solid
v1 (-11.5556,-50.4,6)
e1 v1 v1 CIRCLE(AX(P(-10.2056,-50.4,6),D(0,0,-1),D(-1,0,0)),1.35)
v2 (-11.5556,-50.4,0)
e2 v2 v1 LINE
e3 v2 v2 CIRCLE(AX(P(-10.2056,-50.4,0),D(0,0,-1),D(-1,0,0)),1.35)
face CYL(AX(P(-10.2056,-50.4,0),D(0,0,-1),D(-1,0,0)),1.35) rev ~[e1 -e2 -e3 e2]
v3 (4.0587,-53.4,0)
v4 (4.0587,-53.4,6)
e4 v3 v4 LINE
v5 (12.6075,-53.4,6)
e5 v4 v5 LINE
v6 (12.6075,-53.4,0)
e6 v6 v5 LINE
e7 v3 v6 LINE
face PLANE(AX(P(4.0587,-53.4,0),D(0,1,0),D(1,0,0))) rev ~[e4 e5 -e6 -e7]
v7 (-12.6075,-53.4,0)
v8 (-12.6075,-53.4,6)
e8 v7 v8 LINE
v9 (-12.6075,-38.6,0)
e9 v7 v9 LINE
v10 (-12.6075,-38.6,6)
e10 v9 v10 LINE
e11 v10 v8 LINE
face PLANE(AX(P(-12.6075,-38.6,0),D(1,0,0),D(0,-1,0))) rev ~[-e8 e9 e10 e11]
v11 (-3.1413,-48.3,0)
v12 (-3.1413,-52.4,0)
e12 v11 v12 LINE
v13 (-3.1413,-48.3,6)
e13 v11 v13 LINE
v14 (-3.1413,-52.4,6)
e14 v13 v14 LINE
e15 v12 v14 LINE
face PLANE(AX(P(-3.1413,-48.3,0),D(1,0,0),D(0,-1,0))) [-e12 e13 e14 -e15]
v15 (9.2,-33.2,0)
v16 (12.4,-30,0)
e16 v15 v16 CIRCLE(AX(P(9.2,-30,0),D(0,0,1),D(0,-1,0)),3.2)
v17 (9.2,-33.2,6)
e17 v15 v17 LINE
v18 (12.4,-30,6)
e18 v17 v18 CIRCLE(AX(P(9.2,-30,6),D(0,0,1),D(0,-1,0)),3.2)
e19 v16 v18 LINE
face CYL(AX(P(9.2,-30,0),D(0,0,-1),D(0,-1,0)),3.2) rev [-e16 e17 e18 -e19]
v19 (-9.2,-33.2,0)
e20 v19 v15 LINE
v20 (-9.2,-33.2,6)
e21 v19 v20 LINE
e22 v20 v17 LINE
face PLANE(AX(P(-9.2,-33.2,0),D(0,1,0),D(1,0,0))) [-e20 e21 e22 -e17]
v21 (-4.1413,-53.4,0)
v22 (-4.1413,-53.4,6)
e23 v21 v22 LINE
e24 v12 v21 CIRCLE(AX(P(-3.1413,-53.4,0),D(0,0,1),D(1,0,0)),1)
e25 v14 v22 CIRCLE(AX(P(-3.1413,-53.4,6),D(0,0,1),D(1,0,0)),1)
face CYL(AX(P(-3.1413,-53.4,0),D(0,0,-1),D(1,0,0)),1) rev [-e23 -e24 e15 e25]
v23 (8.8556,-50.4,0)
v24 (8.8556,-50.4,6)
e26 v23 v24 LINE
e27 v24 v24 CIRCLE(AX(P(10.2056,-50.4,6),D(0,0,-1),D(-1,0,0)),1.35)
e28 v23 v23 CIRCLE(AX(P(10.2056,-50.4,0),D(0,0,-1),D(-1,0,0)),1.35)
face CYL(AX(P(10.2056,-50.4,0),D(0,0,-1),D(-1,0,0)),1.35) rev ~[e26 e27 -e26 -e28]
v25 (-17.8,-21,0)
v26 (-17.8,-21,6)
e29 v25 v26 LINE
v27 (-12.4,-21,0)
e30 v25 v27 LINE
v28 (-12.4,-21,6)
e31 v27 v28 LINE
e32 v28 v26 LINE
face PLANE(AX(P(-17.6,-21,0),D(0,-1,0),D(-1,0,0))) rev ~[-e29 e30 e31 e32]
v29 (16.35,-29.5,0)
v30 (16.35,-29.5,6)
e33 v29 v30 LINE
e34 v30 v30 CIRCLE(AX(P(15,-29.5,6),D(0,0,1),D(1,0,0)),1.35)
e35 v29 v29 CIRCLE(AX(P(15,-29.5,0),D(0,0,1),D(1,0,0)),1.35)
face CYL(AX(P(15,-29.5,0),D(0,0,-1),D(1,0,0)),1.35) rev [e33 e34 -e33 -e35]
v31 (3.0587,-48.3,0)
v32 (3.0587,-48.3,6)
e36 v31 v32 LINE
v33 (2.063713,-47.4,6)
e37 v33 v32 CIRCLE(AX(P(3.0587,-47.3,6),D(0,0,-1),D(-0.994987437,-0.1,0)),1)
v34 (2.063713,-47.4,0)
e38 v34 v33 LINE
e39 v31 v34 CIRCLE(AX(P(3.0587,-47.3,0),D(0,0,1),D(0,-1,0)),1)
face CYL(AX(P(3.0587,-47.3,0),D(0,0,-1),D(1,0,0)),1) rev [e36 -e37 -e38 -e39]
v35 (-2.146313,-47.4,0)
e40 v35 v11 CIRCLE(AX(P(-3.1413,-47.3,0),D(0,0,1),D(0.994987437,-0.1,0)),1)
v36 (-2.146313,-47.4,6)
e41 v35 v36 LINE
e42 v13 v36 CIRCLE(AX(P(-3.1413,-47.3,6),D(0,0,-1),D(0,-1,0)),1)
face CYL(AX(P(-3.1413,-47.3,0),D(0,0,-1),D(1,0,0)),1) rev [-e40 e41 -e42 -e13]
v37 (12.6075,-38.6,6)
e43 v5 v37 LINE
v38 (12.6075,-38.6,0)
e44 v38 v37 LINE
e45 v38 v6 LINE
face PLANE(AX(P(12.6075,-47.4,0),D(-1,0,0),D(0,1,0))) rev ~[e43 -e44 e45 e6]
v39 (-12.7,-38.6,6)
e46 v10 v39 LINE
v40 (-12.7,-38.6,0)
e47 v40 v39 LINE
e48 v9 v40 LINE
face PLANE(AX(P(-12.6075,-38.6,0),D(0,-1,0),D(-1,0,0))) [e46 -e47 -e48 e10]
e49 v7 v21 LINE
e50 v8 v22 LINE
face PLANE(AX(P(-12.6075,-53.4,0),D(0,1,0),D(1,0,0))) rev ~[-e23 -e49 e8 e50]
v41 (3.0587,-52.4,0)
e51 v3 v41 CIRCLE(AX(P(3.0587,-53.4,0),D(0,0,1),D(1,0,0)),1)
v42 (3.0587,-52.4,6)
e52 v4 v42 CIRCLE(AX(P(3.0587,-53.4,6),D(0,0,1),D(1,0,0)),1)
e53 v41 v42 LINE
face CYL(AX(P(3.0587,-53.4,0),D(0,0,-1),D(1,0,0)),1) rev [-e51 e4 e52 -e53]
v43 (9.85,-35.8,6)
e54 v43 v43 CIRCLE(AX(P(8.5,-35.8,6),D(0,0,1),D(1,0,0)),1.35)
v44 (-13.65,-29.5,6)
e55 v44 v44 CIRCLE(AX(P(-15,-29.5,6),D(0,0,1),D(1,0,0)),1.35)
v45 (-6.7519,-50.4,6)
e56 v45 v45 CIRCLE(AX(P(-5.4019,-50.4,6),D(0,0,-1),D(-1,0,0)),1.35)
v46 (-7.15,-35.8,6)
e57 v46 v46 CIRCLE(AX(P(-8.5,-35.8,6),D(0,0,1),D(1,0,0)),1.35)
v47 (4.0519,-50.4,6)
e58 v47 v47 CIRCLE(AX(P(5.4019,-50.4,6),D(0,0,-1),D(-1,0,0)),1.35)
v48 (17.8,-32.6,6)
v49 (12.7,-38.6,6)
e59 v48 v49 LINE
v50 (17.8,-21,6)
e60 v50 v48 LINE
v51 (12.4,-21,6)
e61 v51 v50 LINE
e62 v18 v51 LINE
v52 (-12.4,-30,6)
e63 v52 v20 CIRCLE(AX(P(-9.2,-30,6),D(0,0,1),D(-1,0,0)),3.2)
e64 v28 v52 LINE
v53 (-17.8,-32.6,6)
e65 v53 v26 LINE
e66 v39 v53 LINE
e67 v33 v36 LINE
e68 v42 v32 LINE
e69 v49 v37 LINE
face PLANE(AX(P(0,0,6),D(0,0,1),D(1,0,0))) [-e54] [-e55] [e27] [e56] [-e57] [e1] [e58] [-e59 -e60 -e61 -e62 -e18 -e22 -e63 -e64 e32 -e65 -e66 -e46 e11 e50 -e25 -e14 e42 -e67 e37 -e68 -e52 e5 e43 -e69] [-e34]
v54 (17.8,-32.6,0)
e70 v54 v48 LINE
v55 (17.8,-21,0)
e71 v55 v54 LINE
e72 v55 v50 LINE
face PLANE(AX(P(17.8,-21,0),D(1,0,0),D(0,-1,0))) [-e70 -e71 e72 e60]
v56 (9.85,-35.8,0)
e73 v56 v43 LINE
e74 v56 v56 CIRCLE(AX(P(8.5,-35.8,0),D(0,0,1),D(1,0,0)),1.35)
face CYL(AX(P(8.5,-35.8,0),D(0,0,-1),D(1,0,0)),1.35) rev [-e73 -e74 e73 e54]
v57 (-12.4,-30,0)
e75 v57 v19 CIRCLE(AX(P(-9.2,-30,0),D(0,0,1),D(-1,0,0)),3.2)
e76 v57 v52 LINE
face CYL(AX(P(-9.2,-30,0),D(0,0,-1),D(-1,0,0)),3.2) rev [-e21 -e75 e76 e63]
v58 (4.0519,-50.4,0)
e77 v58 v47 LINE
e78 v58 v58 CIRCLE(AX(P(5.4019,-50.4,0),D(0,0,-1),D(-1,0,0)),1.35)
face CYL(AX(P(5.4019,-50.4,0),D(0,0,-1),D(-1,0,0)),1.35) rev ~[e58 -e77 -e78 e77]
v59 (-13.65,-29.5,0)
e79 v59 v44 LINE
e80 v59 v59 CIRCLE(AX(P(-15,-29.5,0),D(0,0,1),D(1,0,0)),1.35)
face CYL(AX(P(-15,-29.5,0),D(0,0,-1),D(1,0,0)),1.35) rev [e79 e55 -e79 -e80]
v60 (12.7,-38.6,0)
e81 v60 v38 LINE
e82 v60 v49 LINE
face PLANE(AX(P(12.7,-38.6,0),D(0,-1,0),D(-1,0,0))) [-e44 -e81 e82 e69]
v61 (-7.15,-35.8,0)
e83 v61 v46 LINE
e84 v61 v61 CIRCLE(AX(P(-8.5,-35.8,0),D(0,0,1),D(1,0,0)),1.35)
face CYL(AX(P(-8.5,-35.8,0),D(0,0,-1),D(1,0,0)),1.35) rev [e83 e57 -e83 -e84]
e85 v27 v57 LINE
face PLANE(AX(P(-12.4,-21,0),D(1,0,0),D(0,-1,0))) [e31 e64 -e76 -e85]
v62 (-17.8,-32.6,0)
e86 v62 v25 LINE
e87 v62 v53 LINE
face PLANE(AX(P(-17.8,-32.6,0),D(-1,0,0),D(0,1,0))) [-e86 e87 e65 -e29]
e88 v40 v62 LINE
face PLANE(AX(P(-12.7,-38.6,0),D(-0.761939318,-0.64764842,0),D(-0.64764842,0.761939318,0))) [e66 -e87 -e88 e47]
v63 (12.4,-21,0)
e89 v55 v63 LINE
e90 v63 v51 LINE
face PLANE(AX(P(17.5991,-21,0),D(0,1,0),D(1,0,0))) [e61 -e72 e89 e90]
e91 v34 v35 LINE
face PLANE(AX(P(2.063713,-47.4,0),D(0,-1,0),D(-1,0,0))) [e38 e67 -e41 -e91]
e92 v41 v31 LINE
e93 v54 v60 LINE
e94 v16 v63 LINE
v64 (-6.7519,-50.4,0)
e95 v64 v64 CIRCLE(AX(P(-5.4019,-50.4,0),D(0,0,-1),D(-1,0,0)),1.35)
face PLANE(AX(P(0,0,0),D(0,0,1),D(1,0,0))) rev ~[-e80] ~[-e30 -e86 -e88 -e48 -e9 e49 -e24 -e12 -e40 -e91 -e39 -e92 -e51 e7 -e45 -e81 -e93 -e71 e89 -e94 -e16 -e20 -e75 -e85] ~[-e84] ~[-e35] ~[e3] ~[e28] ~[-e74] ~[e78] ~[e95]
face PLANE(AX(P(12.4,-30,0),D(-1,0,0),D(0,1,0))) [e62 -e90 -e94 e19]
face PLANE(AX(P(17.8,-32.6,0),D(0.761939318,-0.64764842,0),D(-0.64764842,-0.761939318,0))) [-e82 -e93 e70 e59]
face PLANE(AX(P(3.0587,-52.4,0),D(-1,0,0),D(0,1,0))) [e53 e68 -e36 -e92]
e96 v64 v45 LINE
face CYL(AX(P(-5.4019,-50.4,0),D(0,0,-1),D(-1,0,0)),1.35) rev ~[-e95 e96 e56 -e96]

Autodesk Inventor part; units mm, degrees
ref_plane "YZ Plane" through (0, 0, 0) normal (1, 0, 0) x (0, 1, 0)
ref_plane "XZ Plane" through (0, 0, 0) normal (0, 1, 0) x (-1, 0, 0)
ref_plane "XY Plane" through (0, 0, 0) normal (0, 0, 1) x (1, 0, 0)
sketch "스케치1" plane through (0, 0, 0) normal (0, 0, 1) x (1, 0, 0)
  line L0 (7.15, 10.1828) -> (7.15, 9) projected
  arc A0 (7.15, 9) -> (9.15, 7) centre (9.15, 9) ccw projected
  line L1 (9.15, 7) -> (11.2, 7) projected
  arc A1 (12.2, 6) -> (11.2, 7) centre (11.2, 6) ccw projected
  line L2 (12.2, 6) -> (12.2, -27) projected
  line L3 (-12.2, -27) -> (-12.2, 6) projected
  arc A2 (-11.2, 7) -> (-12.2, 6) centre (-11.2, 6) ccw projected
  line L4 (-11.2, 7) -> (-9.15, 7) projected
  arc A3 (-9.15, 7) -> (-7.15, 9) centre (-9.15, 9) ccw projected
  line L5 (-7.15, 9) -> (-7.15, 10.1828) projected
  spline S0 degree 3 poles (-7.15, 10.1828) (-7.15, 10.4656) (-7.1021, 10.8015) (-6.9309, 11.2744) (-6.801, 11.5043) (-6.5407, 11.7954) (-6.3826, 11.9196) (-6.2267, 12) knots -0.826314 -0.826314 -0.826314 -0.826314 -0.741468 -0.741468 -0.675447 -0.675447 -0.624321 -0.624321 -0.624321 -0.624321 projected
  line L6 (-12.7, 12) -> (-6.2267, 12) projected
  line L7 (-17.8, 6) -> (-12.7, 12) projected
  line L8 (-17.8, -32.6) -> (-17.8, 6) projected
  line L9 (17.8, 6) -> (17.8, -32.6) projected
  line L10 (12.7, 12) -> (17.8, 6) projected
  line L11 (6.2267, 12) -> (12.7, 12) projected
  spline S1 degree 3 poles (6.2267, 12) (6.3826, 11.9196) (6.5407, 11.7954) (6.801, 11.5043) (6.9309, 11.2744) (7.1021, 10.8015) (7.15, 10.4656) (7.15, 10.1828) knots -0.510875 -0.510875 -0.510875 -0.510875 -0.459749 -0.459749 -0.393728 -0.393728 -0.308882 -0.308882 -0.308882 -0.308882 projected
  circle A4 centre (15, 4.5) radius 1.35 projected
  circle A5 centre (-15, 4.5) radius 1.35 projected
  line L12 (-10.5, -74.2) -> (10.5, -74.2) projected
  line L13 (10.5, -73.725) -> (10.5, -68.6) projected
  line L14 (10.5, -68.6) -> (13, -68.6) projected
  line L15 (13, -68.6) -> (15, -68.6) projected
  line L16 (15, -74.6) -> (15, -68.6) projected
  line L17 (10.5, -74.6) -> (10.5, -73.725) projected
  line L18 (-10.5, -73.725) -> (-10.5, -68.6) projected
  line L19 (-10.5, -74.6) -> (-10.5, -73.725) projected
  line L20 (-10.5, -68.6) -> (-13, -68.6) projected
  line L21 (-13, -68.6) -> (-15, -68.6) projected
  line L22 (-15, -74.6) -> (-15, -68.6) projected
  line L23 (-16.75, -74.2) -> (-15, -74.2) projected
  line L24 (-12.6075, -38.4) -> (-12.6075, -53.4)
  line L25 (-12.6075, -53.4) -> (12.6075, -53.4)
  line L26 (12.6075, -53.4) -> (12.6075, -38.4)
  line L27 (-3.0413, -53.4) -> (2.9587, -53.4) projected
  line L28 (-3.0413, -53.4) -> (2.9587, -53.4)
  line L29 (-3.1413, -53.5) -> (3.0587, -53.5)
  line L30 (3.0587, -53.5) -> (3.0587, -47.3)
  line L31 (3.0587, -47.3) -> (-3.1413, -47.3)
  line L32 (-3.1413, -47.3) -> (-3.1413, -53.5)
  circle A6 centre (-3.1413, -47.3) radius 1
  circle A7 centre (-3.1413, -53.4) radius 1
  circle A8 centre (3.0587, -47.3) radius 1
  circle A9 centre (3.0587, -53.4) radius 1
  circle A10 centre (7.8038, -50.4) radius 1.25 projected
  circle A11 centre (-7.8037, -50.4) radius 1.25 projected
  line L33 (21, -65.4) -> (-21, -65.4) projected
  line L34 (-21, -65.4) -> (-21, -59.4) projected
  line L35 (-12.6075, -59.4) -> (-21, -59.4) projected
  line L36 (-12.6075, -59.4) -> (-12.6075, -47.4) projected
  line L37 (12.6075, -47.4) -> (-12.6075, -47.4) projected
  line L38 (12.6075, -59.4) -> (12.6075, -47.4) projected
  line L39 (21, -59.4) -> (12.6075, -59.4) projected
  line L40 (21, -65.4) -> (21, -59.4) projected
  line L41 (12.7, 12) -> (9.2, 12) projected
  line L42 (12.7, 12) -> (17.8, 6) projected
  line L43 (17.8, 6) -> (17.8, -32.6) projected
  line L44 (17.8, -32.6) -> (12.7, -38.6) projected
  line L45 (12.7, -38.6) -> (-12.7, -38.6) projected
  line L46 (-12.7, -38.6) -> (-17.8, -32.6) projected
  line L47 (-17.8, -32.6) -> (-17.8, 6) projected
  line L48 (-17.8, 6) -> (-12.7, 12) projected
  line L49 (-9.2, 12) -> (-12.7, 12) projected
  arc A12 (-9.2, 12) -> (-12.2, 9) centre (-9.2, 9) ccw projected
  line L50 (-12.2, -30) -> (-12.2, 9) projected
  arc A13 (-12.2, -30) -> (-9.2, -33) centre (-9.2, -30) ccw projected
  line L51 (9.2, -33) -> (-9.2, -33) projected
  arc A14 (9.2, -33) -> (12.2, -30) centre (9.2, -30) ccw projected
  line L52 (12.2, 9) -> (12.2, -30) projected
  arc A15 (12.2, 9) -> (9.2, 12) centre (9.2, 9) ccw projected
  circle A16 centre (15, 4.5) radius 1.35 projected
  circle A17 centre (15, -12.5) radius 1.35 projected
  circle A18 centre (8.5, -35.8) radius 1.35 projected
  circle A19 centre (-15, 4.5) radius 1.35 projected
  circle A20 centre (-15, -12.5) radius 1.35 projected
  circle A21 centre (-8.5, -35.8) radius 1.35 projected
  circle A22 centre (15, -29.5) radius 1.35 projected
  circle A23 centre (-15, -29.5) radius 1.35 projected
  line L53 (-12.7, 11.8) -> (-10.7492, 11.8)
  arc A24 (-10.7492, 11.8) -> (-12.4, 9) centre (-9.2, 9) ccw
  line L54 (-12.4, 9) -> (-12.4, -30)
  arc A25 (-12.4, -30) -> (-9.2, -33.2) centre (-9.2, -30) ccw
  line L55 (-9.2, -33.2) -> (9.2, -33.2)
  arc A26 (9.2, -33.2) -> (12.4, -30) centre (9.2, -30) ccw
  line L56 (12.4, -30) -> (12.4, 9)
  arc A27 (12.4, 9) -> (10.7492, 11.8) centre (9.2, 9) ccw
  line L57 (10.7492, 11.8) -> (12.7, 11.8)
  line L58 (-17.6, -21) -> (-12.3919, -21) projected
  line L59 (-17.6, -21) -> (-17.8, -21)
  line L60 (17.5991, -21) -> (17.8, -21)
  line L61 (-12.3919, -21) -> (-12.2, -21)
  line L62 (12.4, -21) -> (12.2, -21)
  line L63 (12.4, -21) -> (17.5991, -21)
  point P0 (3.0587, -52.4)
  point P1 (4.0587, -53.4)
  point P2 (-4.1413, -53.4)
  point P3 (-3.1413, -52.4)
  point P4 (-3.1413, -48.3)
  point P5 (-2.1413, -47.3)
  point P6 (2.0587, -47.3)
  point P7 (3.0587, -48.3)
  point P8 (2.0637, -53.5)
  point P9 (2.0587, -53.4)
  point P10 (-2.1413, -53.4)
  point P11 (-2.1463, -53.5)
  point P12 (-2.1463, -47.4)
  point P13 (2.0637, -47.4)
  point P14 (12.6075, -38.6)
  point P15 (-12.4, -21)
  point P16 (-12.6075, -38.6)
  dimension "d6" = 15
  dimension "d8" = 2
  dimension "d9" = 2
  dimension "d10" = 2
  dimension "d11" = 2
  dimension "d43" = 0.2
extrude "돌출1" add sketch "스케치1" along normal blind 6 contours L9 L44 L45 L46 L8 L59 L58 L54 A25 L55 A26 L56 L63 L60 | L26 L37 A8 L31 A6 L24 L45 | L26 L25 A9 L30 A8 L37 | L37 A6 L32 A7 L25 L24 | L37 A6 L31 A8 | A10 | A11
sketch "스케치3" plane through (0, 0, 0) normal (0, 0, -1) x (-1, 0, 0)
  line L0 (3.1413, -52.4) -> (3.1413, -48.3) projected
  line L1 (12.6075, -38.6) -> (12.6075, -53.4) projected
  line L2 (7.8037, -50.4) -> (7.8037, -53.4)
  line L3 (12.6075, -53.4) -> (4.1413, -53.4) projected
  line L4 (7.8037, -50.4) -> (7.8037, -45.7034)
  line L5 (12.6075, -47.4) -> (-12.6075, -47.4) projected
  line L6 (-12.6075, -47.4) -> (-12.6075, -59.4) projected
  line L7 (-12.6075, -59.4) -> (12.6075, -59.4) projected
  line L8 (12.6075, -59.4) -> (12.6075, -47.4) projected
  line L9 (-12.6075, -53.4) -> (12.6075, -53.4)
  line L10 (4.1413, -53.4) -> (-12.6075, -53.4) projected
  line L11 (0, -53.4) -> (0, -47.4)
  circle A0 centre (10.2056, -50.4) radius 1.35
  circle A1 centre (5.4019, -50.4) radius 1.35
  circle A2 centre (-10.2056, -50.4) radius 1.35
  circle A3 centre (-5.4019, -50.4) radius 1.35
  point P0 (0, 0)
  point P1 (12.6075, -38.4)
  point P2 (-4.0587, -53.4)
  point P3 (-3.0587, -53.4)
extrude "돌출2" cut sketch "스케치3" against normal up to next contours A0 | A1 | A2 | A3
properties part number "arm_connect_5" material "PMMA 플라스틱"
